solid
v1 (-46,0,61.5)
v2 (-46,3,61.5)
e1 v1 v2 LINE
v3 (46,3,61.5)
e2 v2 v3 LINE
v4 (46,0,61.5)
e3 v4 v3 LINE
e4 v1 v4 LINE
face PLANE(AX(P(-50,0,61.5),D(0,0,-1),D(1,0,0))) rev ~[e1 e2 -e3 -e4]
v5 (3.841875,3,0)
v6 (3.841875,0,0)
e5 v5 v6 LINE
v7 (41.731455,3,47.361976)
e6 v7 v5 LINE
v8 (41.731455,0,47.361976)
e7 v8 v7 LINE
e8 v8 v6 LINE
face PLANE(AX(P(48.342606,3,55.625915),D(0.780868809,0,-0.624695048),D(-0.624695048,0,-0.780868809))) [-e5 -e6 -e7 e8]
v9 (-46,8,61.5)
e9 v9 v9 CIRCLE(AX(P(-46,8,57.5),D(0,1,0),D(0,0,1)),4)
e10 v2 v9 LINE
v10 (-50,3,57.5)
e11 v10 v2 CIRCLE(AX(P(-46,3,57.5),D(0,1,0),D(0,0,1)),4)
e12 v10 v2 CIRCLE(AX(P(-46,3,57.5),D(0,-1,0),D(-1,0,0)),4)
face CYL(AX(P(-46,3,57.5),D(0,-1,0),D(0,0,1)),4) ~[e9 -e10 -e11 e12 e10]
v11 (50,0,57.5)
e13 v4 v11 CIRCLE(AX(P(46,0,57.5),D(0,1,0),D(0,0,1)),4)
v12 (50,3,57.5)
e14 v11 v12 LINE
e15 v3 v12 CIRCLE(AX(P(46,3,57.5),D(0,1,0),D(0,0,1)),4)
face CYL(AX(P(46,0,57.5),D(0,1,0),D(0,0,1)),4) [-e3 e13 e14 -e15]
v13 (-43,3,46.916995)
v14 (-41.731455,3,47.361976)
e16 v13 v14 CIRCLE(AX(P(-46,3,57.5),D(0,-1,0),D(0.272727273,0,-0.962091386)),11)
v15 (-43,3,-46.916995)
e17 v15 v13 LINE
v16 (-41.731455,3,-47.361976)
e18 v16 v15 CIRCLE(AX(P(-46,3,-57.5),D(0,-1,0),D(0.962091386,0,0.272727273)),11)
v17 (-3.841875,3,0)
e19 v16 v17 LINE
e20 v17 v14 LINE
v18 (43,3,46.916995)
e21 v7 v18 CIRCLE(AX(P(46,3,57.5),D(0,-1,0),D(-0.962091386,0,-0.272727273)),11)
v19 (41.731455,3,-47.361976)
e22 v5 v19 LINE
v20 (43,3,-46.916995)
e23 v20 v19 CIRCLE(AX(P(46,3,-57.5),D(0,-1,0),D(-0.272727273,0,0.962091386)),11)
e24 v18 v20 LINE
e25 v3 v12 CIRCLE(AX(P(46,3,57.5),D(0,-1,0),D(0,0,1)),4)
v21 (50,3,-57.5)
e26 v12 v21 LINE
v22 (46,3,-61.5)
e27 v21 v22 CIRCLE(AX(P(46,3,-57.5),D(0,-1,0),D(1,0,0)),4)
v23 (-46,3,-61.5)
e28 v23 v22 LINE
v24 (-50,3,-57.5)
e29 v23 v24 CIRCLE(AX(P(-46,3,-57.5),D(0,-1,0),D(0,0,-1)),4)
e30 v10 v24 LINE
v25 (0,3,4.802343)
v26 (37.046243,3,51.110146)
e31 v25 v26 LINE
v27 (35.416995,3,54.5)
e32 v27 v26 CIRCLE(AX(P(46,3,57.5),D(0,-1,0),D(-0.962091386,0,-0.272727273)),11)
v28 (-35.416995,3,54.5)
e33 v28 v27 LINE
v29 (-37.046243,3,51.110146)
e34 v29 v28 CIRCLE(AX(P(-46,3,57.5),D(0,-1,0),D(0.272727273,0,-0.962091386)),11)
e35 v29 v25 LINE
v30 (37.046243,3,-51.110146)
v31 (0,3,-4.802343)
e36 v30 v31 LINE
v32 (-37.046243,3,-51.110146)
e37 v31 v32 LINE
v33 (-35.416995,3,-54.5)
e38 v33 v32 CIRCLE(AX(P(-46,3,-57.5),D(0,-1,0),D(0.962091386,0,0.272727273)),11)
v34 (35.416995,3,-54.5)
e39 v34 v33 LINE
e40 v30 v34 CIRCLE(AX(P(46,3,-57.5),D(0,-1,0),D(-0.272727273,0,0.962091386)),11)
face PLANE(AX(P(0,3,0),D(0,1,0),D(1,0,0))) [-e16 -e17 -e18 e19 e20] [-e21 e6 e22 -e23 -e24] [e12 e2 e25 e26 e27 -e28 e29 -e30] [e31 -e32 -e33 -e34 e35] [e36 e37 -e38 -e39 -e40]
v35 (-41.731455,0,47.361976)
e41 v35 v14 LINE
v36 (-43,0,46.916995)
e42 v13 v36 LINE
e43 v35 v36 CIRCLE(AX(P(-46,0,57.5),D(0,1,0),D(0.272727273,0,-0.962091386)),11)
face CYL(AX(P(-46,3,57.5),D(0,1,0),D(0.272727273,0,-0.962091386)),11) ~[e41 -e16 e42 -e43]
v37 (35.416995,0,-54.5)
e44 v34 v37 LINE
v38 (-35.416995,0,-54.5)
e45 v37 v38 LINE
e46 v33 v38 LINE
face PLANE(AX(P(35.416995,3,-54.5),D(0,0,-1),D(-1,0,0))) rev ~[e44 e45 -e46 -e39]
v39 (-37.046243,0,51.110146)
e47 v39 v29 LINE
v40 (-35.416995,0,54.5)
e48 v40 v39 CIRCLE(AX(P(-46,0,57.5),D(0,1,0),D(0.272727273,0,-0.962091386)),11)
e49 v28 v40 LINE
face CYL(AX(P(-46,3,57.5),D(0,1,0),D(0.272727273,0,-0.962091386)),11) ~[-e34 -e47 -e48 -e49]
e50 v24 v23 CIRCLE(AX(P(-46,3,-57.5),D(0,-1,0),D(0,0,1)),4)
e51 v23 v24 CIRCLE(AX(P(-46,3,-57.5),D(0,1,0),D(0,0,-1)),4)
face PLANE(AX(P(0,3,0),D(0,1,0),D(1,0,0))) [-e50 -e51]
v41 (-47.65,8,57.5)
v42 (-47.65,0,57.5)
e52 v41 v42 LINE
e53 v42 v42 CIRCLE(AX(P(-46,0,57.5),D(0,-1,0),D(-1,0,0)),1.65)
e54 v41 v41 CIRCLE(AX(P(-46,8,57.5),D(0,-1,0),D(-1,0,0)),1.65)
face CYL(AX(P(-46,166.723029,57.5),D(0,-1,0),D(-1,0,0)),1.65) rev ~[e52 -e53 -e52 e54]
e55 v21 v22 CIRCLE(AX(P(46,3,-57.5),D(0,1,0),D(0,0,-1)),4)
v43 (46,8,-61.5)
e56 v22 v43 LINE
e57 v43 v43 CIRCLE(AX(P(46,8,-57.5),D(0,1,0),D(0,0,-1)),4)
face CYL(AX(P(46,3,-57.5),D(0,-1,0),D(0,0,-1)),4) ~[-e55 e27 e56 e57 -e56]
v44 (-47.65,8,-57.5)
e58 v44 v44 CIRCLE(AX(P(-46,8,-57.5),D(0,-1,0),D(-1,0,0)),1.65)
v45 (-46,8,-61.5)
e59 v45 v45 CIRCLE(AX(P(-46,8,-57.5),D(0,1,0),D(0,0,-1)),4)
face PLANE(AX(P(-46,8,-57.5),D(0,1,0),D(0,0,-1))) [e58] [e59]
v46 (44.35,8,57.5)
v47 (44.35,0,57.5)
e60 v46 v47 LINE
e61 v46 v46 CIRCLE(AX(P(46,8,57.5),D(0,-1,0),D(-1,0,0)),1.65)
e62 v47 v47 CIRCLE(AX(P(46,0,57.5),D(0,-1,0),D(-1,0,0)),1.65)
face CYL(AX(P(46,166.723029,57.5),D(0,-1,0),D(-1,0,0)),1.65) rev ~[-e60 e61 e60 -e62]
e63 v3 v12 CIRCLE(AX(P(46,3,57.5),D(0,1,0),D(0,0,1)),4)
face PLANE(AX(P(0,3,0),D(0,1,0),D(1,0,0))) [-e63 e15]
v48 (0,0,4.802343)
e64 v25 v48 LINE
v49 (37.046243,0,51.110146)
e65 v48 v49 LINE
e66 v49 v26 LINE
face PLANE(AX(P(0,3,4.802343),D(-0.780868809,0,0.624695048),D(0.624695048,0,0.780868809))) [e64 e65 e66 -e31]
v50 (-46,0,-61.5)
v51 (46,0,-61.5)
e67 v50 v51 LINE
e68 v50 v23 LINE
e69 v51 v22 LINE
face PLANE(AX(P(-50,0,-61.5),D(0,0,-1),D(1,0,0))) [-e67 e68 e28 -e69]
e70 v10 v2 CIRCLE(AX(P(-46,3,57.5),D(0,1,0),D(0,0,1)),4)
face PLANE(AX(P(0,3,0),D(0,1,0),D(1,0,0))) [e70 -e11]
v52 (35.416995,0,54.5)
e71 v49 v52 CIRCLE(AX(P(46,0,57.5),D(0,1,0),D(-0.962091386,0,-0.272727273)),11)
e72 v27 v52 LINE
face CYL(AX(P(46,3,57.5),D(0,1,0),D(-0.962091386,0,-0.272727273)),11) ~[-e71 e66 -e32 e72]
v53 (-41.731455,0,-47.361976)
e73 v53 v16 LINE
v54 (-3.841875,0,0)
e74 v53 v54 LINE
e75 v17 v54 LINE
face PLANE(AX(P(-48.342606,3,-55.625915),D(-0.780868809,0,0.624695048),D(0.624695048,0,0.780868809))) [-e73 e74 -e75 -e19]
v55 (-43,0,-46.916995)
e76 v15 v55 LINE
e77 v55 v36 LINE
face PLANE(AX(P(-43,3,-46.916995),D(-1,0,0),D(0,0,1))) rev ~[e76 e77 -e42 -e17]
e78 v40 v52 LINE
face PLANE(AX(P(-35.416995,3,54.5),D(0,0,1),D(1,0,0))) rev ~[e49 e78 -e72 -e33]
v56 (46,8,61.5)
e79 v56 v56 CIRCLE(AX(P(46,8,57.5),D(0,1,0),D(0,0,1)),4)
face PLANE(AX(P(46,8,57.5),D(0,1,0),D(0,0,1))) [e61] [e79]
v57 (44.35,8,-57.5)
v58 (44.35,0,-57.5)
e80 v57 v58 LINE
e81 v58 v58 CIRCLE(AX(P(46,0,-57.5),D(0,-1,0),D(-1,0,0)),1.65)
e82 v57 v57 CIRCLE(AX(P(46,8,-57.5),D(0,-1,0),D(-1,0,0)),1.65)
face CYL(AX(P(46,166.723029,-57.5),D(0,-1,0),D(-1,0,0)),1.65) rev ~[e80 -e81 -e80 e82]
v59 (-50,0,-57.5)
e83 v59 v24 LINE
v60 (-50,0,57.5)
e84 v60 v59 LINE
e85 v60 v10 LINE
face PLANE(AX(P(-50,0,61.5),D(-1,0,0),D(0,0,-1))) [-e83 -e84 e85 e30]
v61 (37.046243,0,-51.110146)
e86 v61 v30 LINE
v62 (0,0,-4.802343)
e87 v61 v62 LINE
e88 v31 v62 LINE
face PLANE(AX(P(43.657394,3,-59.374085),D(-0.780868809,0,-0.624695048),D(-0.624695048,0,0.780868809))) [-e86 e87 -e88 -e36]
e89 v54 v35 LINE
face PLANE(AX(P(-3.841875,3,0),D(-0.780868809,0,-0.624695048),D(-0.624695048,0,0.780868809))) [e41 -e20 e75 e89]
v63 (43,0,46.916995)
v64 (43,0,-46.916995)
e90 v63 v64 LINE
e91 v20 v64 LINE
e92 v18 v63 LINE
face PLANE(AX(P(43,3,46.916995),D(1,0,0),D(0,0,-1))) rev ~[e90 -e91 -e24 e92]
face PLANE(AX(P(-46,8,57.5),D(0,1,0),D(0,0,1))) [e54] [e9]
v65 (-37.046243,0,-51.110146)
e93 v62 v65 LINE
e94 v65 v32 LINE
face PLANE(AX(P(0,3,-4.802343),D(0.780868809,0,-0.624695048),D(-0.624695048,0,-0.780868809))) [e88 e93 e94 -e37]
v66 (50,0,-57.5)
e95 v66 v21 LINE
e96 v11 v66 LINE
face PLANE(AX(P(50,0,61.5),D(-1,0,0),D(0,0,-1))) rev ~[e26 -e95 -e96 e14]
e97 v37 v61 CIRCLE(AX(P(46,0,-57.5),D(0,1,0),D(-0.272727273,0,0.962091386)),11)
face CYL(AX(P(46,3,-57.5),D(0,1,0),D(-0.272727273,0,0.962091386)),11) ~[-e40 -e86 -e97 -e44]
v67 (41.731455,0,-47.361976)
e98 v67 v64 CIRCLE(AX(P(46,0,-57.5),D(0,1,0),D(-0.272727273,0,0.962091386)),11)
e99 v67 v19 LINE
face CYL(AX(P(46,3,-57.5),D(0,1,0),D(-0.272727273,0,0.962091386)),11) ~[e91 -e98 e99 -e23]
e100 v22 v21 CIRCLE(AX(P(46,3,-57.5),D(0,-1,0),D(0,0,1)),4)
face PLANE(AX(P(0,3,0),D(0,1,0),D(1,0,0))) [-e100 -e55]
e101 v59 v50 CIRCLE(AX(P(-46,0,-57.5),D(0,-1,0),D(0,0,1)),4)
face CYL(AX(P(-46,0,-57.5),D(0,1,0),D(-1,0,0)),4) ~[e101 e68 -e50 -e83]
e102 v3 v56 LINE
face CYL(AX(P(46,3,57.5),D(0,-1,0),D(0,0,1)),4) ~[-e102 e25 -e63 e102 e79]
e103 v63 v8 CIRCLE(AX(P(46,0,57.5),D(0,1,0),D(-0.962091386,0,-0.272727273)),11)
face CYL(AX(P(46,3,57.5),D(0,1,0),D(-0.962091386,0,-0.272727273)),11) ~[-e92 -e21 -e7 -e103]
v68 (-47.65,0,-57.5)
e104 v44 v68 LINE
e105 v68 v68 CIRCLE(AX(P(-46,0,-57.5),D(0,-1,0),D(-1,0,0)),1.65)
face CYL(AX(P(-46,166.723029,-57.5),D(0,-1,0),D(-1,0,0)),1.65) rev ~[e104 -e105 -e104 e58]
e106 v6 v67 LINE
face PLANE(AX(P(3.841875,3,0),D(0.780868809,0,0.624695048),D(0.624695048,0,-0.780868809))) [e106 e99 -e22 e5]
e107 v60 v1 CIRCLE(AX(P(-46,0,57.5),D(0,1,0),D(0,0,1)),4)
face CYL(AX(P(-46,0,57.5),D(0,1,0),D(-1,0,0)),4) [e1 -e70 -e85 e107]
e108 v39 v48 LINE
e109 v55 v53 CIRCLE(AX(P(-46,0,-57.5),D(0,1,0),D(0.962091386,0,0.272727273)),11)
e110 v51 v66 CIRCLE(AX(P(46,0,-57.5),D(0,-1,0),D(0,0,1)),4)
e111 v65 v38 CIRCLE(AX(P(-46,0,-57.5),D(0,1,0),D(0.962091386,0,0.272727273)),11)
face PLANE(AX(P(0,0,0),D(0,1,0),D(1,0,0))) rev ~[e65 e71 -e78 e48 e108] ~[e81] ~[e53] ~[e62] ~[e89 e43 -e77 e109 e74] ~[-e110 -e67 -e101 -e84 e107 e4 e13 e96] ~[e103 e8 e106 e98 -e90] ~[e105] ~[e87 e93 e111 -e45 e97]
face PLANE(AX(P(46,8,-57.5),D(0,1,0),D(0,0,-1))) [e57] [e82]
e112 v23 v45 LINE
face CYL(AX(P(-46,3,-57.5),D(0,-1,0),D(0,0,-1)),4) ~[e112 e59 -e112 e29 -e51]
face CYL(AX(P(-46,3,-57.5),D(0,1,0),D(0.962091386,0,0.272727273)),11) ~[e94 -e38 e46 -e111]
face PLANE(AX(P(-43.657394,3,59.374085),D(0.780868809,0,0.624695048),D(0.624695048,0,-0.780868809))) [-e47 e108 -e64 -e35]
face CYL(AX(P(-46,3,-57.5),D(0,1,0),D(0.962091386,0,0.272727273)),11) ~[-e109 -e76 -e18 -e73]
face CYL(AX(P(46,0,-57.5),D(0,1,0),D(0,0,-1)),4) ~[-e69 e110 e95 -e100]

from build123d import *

# Parameters (mm, degrees)
SKETCH1_W             = 100
SKETCH1_H             = 123
BOSS_EXTRUDE1_DEPTH   = 3
SKETCH2_R             = 4
BOSS_EXTRUDE2_DEPTH   = 5
CUT_EXTRUDE1_DEPTH    = 80.418196907
FILLET1_R             = 4
BOSS_EXTRUDE3_DEPTH   = 3
M4X0_7_TAPPED_HOLE1_D = 3.3


with BuildPart() as part:
    # Sketch1 → Boss-Extrude1 (new body)
    with BuildSketch(Plane(origin=(0, 0, 0), x_dir=(1, 0, 0), z_dir=(0, 1, 0))):
        Rectangle(SKETCH1_W, SKETCH1_H)
    extrude(amount=BOSS_EXTRUDE1_DEPTH)

    # Sketch2 → Boss-Extrude2 (add)
    with BuildSketch(Plane(origin=(0, 3, 0), x_dir=(1, 0, 0), z_dir=(0, 1, 0))):
        with Locations(Location((46, 57.5, 0), (0, 0, 90))):
            Circle(SKETCH2_R)
        with Locations(Location((46, -57.5, 0), (0, 0, 270))):
            Circle(SKETCH2_R)
        with Locations(Location((-46, -57.5, 0), (0, 0, 270))):
            Circle(SKETCH2_R)
        with Locations(Location((-46, 57.5, 0), (0, 0, 90))):
            Circle(SKETCH2_R)
    extrude(amount=BOSS_EXTRUDE2_DEPTH)

    # Sketch3 → Cut-Extrude1 (cut, through all)
    with BuildSketch(Plane(origin=(0, 3, 0), x_dir=(1, 0, 0), z_dir=(0, 1, 0))):
        with BuildLine():
            Line((-43, 46.916994756), (-43, -46.916994756))
            ThreePointArc((-43, -46.916994756), (-38.221825407, -49.721825407), (-35.416994756, -54.5))
            Line((-35.416994756, -54.5), (35.416994756, -54.5))
            ThreePointArc((35.416994756, -54.5), (38.221825407, -49.721825407), (43, -46.916994756))
            Line((43, -46.916994756), (43, 46.916994756))
            ThreePointArc((43, 46.916994756), (38.221825407, 49.721825407), (35.416994756, 54.5))
            Line((35.416994756, 54.5), (-35.416994756, 54.5))
            ThreePointArc((-35.416994756, 54.5), (-38.221825407, 49.721825407), (-43, 46.916994756))
        make_face()
    extrude(amount=-CUT_EXTRUDE1_DEPTH, mode=Mode.SUBTRACT)

    # Fillet1
    fillet1_edges = [part.edges().sort_by_distance(p)[0] for p in [
        (-50, 1.5, -61.5),
        (50, 1.5, -61.5),
        (50, 1.5, 61.5),
        (-50, 1.5, 61.5),
    ]]
    fillet(fillet1_edges, radius=FILLET1_R)

    # Sketch4 → Boss-Extrude3 (add, through all)
    with BuildSketch(Plane(origin=(0, 3, 0), x_dir=(1, 0, 0), z_dir=(0, 1, 0))):
        Polygon((-43.657393572, 59.374085143), (-48.342606428, 55.625914857), (-3.841874542, 0), (-48.342606428, -55.625914857), (-43.657393572, -59.374085143), (0, -4.802343178), (43.657393572, -59.374085143), (48.342606428, -55.625914857), (3.841874542, 0), (48.342606428, 55.625914857), (43.657393572, 59.374085143), (0, 4.802343178), align=None)
    extrude(amount=-BOSS_EXTRUDE3_DEPTH)

    # M4x0.7 Tapped Hole1 (through all)
    with Locations(Plane(origin=(0, 8, 0), x_dir=(1, 0, 0), z_dir=(0, 1, 0))):
        with Locations((-46, 57.5), (46, 57.5), (46, -57.5), (-46, -57.5)):
            Hole(M4X0_7_TAPPED_HOLE1_D / 2)


solid = part.part
